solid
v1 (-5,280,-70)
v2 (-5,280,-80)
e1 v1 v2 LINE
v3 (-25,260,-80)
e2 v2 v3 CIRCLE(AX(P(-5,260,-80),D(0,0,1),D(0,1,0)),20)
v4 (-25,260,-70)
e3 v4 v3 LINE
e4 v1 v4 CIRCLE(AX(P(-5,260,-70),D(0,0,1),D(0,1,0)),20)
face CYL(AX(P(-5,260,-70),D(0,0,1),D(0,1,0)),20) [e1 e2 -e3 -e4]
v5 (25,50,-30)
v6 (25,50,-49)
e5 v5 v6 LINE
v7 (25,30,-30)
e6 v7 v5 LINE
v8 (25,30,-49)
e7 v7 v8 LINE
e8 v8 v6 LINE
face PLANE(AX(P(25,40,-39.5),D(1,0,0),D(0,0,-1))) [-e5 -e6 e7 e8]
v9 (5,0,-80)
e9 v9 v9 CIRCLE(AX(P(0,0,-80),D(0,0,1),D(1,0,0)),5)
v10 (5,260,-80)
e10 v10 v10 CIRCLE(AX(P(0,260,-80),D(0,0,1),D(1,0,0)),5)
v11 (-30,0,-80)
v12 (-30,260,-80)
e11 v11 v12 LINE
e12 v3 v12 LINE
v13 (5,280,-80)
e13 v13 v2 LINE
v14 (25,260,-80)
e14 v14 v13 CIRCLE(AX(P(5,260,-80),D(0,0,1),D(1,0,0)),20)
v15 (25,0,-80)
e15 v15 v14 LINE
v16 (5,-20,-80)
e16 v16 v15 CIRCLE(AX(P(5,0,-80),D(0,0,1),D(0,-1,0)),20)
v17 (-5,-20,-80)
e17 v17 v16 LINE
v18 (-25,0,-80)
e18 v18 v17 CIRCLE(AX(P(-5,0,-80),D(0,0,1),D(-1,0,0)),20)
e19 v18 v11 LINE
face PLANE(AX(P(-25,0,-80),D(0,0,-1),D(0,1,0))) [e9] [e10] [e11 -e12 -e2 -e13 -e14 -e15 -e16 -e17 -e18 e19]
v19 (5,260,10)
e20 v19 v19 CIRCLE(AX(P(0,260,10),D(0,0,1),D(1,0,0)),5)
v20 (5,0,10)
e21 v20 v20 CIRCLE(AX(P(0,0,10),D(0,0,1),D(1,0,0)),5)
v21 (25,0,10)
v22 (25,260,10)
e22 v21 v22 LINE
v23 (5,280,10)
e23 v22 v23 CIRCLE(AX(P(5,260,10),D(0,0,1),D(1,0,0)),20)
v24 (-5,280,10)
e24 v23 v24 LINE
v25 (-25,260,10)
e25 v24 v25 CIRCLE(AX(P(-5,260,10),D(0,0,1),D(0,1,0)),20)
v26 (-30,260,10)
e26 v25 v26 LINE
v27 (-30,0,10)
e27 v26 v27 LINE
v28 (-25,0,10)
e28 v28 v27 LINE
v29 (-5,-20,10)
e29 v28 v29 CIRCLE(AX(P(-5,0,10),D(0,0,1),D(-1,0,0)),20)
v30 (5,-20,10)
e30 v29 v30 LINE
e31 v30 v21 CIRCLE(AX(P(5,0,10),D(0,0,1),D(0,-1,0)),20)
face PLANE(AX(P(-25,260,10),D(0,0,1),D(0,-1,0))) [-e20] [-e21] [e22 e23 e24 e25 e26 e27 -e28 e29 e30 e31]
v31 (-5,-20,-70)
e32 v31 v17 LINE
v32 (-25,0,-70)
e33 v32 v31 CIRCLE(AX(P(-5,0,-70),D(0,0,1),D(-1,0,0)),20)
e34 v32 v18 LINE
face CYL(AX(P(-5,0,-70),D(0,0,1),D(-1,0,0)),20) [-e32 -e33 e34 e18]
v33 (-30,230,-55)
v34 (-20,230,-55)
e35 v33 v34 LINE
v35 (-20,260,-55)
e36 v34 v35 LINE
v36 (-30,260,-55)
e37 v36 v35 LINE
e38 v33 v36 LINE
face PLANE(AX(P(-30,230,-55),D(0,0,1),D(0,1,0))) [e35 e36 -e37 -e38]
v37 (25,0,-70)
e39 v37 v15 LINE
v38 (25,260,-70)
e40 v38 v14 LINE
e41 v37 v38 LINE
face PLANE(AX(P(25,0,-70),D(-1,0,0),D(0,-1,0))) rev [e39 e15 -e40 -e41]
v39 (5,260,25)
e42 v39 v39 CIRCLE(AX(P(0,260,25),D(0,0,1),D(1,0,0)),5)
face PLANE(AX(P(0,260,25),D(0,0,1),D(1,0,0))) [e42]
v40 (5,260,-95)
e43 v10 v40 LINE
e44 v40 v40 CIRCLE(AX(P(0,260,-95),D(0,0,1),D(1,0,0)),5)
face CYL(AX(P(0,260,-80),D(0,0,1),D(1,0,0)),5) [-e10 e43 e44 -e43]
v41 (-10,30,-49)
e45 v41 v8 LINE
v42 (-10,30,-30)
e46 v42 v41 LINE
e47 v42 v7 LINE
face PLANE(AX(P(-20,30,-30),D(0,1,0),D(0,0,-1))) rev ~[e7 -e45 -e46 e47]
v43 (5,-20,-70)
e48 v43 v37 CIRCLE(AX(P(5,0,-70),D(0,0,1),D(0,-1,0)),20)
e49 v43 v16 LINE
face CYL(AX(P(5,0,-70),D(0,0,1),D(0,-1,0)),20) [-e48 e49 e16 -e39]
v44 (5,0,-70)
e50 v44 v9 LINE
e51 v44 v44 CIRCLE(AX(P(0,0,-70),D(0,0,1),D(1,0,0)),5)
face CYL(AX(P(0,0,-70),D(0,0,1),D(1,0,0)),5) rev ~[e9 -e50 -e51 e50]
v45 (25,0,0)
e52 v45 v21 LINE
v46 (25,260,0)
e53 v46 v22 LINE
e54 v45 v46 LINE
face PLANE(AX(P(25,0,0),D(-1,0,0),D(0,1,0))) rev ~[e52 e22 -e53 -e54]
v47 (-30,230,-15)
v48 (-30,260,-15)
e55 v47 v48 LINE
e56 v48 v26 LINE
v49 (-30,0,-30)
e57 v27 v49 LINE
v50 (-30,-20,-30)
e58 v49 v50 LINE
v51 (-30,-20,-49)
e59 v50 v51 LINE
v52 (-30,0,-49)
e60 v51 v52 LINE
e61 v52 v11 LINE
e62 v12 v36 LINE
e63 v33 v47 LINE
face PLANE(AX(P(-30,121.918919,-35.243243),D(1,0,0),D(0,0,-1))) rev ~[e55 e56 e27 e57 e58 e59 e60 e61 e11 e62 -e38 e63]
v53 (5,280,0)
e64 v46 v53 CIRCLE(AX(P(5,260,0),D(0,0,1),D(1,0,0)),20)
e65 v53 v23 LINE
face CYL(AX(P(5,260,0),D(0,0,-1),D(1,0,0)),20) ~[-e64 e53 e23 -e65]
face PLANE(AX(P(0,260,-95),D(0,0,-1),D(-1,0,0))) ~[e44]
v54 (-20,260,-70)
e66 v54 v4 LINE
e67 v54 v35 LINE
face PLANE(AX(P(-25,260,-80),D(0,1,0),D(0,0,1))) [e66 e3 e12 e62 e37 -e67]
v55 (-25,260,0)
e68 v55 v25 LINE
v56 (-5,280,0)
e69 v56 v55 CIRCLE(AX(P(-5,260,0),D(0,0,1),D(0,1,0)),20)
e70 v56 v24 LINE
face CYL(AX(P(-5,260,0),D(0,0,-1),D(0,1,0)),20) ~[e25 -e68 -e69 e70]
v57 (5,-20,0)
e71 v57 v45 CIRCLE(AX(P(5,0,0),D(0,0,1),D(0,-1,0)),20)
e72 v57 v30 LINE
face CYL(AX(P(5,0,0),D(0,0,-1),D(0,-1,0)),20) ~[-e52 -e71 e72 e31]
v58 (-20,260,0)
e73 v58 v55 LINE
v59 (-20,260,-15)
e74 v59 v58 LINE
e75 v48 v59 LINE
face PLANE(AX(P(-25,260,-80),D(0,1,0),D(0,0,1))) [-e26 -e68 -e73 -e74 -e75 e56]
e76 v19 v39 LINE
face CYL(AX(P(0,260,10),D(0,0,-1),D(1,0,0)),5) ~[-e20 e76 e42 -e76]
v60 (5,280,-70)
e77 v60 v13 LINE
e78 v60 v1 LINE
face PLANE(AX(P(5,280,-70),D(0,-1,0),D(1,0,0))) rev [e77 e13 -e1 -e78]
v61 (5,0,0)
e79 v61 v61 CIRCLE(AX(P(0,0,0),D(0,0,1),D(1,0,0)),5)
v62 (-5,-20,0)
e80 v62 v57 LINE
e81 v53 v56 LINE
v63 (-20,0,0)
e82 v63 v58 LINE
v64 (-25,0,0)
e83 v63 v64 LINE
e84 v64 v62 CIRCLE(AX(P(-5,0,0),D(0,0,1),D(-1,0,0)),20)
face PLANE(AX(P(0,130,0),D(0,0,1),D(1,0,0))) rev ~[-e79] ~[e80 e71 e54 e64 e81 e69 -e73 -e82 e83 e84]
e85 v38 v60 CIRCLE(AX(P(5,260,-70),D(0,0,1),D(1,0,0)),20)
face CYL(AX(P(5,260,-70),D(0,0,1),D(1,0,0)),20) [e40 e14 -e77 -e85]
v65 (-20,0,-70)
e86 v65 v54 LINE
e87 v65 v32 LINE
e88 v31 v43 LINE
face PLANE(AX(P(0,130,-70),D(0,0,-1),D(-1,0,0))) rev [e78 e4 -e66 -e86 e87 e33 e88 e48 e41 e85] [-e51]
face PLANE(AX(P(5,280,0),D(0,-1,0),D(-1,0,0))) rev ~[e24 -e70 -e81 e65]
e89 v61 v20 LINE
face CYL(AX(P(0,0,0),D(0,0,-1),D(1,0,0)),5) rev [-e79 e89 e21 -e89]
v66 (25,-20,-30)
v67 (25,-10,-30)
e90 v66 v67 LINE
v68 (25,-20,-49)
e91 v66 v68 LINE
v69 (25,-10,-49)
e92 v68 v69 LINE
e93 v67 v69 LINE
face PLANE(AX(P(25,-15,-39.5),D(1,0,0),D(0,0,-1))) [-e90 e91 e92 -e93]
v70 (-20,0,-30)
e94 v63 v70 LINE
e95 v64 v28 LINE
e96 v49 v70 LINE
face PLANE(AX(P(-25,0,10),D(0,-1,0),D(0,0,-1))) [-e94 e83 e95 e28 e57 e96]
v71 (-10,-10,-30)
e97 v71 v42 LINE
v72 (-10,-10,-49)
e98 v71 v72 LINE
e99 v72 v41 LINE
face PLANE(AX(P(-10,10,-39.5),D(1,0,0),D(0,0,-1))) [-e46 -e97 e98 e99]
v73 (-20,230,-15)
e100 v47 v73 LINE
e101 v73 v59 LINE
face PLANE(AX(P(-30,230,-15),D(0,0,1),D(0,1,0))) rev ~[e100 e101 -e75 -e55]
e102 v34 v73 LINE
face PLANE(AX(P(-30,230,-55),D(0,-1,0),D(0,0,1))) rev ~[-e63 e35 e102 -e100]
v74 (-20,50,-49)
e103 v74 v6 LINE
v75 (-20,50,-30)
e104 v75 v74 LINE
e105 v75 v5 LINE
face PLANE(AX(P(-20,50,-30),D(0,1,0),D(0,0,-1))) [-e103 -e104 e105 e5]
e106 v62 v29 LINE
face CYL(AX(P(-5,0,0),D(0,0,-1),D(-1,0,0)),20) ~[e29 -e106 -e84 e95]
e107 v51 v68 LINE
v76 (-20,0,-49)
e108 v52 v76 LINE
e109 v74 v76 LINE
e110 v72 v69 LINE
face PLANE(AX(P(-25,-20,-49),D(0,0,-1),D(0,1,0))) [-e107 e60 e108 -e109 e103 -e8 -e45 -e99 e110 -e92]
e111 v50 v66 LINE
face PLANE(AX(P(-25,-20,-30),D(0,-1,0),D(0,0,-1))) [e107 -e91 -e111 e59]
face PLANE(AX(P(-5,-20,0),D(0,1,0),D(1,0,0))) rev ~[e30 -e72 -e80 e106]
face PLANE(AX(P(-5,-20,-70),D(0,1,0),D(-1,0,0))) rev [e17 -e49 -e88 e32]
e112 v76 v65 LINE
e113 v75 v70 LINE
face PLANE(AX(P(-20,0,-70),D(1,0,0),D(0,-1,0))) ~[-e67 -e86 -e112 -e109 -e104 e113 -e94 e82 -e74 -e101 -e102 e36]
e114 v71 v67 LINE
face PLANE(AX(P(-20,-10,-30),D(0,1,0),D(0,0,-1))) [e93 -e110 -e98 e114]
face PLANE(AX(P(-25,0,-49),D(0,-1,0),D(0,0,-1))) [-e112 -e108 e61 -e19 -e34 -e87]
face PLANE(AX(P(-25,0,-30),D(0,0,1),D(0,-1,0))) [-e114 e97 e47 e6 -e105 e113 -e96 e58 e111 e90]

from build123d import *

# Parameters (mm, degrees)
SKETCH1_R           = 5
BOSS_EXTRUDE1_DEPTH = 10
SKETCH2_R           = 5
BOSS_EXTRUDE2_DEPTH = 15
SKETCH3_W           = 5
SKETCH3_H           = 260
BOSS_EXTRUDE3_DEPTH = 35
SKETCH8_W           = 5
SKETCH8_H           = 19
BOSS_EXTRUDE4_DEPTH = 20
SKETCH9_W           = 19
SKETCH9_H           = 10
SKETCH9_H_2         = 20
BOSS_EXTRUDE5_DEPTH = 45
SKETCH10_W          = 19
SKETCH10_H          = 40
BOSS_EXTRUDE6_DEPTH = 10
BOSS_EXTRUDE7_DEPTH = 5
SKETCH12_W          = 40
SKETCH12_H          = 30
CUT_EXTRUDE1_DEPTH  = 10


with BuildPart() as part:
    # Sketch1 → Boss-Extrude1 (new body)
    with BuildSketch(Plane.XY):
        with BuildLine():
            Line((-5, -20), (5, -20))
            ThreePointArc((5, -20), (19.142135624, -14.142135624), (25, 0))
            Line((25, 0), (25, 260))
            ThreePointArc((25, 260), (19.142135624, 274.142135624), (5, 280))
            Line((5, 280), (-5, 280))
            ThreePointArc((-5, 280), (-19.142135624, 274.142135624), (-25, 260))
            Line((-25, 260), (-25, 0))
            ThreePointArc((-25, 0), (-19.142135624, -14.142135624), (-5, -20))
        make_face()
        Circle(SKETCH1_R, mode=Mode.SUBTRACT)
    boss_extrude1 = extrude(amount=BOSS_EXTRUDE1_DEPTH)

    # Sketch2 → Boss-Extrude2 (add)
    with BuildSketch(Plane.XY.offset(10)):
        with Locations((0, 260)):
            Circle(SKETCH2_R)
    boss_extrude2 = extrude(amount=BOSS_EXTRUDE2_DEPTH)

    # Sketch3 → Boss-Extrude3 (add)
    with BuildSketch(Plane(origin=(0, 0, 0), x_dir=(-1, 0, 0), z_dir=(0, 0, -1))):
        with Locations((22.5, 130)):
            Rectangle(SKETCH3_W, SKETCH3_H)
    boss_extrude3 = extrude(amount=BOSS_EXTRUDE3_DEPTH)

    # Mirror1: Boss-Extrude1, Boss-Extrude2, Boss-Extrude3 across plane
    add(boss_extrude1.mirror(Plane.XY.offset(-35)))
    add(boss_extrude2.mirror(Plane.XY.offset(-35)))
    add(boss_extrude3.mirror(Plane.XY.offset(-35)))

    # Sketch8 → Boss-Extrude4 (add)
    with BuildSketch(Plane.XZ):
        with Locations((-22.5, -39.5)):
            Rectangle(SKETCH8_W, SKETCH8_H)
    extrude(amount=BOSS_EXTRUDE4_DEPTH)

    # Sketch9 → Boss-Extrude5 (add)
    with BuildSketch(Plane(origin=(-20, 0, 0), x_dir=(0, 0, -1), z_dir=(1, 0, 0))):
        with Locations((39.5, -15)):
            Rectangle(SKETCH9_W, SKETCH9_H)
        with Locations((39.5, 40)):
            Rectangle(SKETCH9_W, SKETCH9_H_2)
    extrude(amount=BOSS_EXTRUDE5_DEPTH)

    # Sketch10 → Boss-Extrude6 (add)
    with BuildSketch(Plane(origin=(-20, 0, 0), x_dir=(0, 0, -1), z_dir=(1, 0, 0))):
        with Locations((39.5, 10)):
            Rectangle(SKETCH10_W, SKETCH10_H)
    extrude(amount=BOSS_EXTRUDE6_DEPTH)

    # Sketch11 → Boss-Extrude7 (add)
    with BuildSketch(Plane.ZY.offset(25)):
        Polygon((10, 0), (-30, 0), (-30, -20), (-49, -20), (-49, 0), (-80, 0), (-80, 260), (10, 260), align=None)
    extrude(amount=BOSS_EXTRUDE7_DEPTH)

    # Sketch12 → Cut-Extrude1 (cut)
    with BuildSketch(Plane.ZY.offset(30)):
        with Locations((-35, 245)):
            Rectangle(SKETCH12_W, SKETCH12_H)
    extrude(amount=-CUT_EXTRUDE1_DEPTH, mode=Mode.SUBTRACT)


solid = part.part
